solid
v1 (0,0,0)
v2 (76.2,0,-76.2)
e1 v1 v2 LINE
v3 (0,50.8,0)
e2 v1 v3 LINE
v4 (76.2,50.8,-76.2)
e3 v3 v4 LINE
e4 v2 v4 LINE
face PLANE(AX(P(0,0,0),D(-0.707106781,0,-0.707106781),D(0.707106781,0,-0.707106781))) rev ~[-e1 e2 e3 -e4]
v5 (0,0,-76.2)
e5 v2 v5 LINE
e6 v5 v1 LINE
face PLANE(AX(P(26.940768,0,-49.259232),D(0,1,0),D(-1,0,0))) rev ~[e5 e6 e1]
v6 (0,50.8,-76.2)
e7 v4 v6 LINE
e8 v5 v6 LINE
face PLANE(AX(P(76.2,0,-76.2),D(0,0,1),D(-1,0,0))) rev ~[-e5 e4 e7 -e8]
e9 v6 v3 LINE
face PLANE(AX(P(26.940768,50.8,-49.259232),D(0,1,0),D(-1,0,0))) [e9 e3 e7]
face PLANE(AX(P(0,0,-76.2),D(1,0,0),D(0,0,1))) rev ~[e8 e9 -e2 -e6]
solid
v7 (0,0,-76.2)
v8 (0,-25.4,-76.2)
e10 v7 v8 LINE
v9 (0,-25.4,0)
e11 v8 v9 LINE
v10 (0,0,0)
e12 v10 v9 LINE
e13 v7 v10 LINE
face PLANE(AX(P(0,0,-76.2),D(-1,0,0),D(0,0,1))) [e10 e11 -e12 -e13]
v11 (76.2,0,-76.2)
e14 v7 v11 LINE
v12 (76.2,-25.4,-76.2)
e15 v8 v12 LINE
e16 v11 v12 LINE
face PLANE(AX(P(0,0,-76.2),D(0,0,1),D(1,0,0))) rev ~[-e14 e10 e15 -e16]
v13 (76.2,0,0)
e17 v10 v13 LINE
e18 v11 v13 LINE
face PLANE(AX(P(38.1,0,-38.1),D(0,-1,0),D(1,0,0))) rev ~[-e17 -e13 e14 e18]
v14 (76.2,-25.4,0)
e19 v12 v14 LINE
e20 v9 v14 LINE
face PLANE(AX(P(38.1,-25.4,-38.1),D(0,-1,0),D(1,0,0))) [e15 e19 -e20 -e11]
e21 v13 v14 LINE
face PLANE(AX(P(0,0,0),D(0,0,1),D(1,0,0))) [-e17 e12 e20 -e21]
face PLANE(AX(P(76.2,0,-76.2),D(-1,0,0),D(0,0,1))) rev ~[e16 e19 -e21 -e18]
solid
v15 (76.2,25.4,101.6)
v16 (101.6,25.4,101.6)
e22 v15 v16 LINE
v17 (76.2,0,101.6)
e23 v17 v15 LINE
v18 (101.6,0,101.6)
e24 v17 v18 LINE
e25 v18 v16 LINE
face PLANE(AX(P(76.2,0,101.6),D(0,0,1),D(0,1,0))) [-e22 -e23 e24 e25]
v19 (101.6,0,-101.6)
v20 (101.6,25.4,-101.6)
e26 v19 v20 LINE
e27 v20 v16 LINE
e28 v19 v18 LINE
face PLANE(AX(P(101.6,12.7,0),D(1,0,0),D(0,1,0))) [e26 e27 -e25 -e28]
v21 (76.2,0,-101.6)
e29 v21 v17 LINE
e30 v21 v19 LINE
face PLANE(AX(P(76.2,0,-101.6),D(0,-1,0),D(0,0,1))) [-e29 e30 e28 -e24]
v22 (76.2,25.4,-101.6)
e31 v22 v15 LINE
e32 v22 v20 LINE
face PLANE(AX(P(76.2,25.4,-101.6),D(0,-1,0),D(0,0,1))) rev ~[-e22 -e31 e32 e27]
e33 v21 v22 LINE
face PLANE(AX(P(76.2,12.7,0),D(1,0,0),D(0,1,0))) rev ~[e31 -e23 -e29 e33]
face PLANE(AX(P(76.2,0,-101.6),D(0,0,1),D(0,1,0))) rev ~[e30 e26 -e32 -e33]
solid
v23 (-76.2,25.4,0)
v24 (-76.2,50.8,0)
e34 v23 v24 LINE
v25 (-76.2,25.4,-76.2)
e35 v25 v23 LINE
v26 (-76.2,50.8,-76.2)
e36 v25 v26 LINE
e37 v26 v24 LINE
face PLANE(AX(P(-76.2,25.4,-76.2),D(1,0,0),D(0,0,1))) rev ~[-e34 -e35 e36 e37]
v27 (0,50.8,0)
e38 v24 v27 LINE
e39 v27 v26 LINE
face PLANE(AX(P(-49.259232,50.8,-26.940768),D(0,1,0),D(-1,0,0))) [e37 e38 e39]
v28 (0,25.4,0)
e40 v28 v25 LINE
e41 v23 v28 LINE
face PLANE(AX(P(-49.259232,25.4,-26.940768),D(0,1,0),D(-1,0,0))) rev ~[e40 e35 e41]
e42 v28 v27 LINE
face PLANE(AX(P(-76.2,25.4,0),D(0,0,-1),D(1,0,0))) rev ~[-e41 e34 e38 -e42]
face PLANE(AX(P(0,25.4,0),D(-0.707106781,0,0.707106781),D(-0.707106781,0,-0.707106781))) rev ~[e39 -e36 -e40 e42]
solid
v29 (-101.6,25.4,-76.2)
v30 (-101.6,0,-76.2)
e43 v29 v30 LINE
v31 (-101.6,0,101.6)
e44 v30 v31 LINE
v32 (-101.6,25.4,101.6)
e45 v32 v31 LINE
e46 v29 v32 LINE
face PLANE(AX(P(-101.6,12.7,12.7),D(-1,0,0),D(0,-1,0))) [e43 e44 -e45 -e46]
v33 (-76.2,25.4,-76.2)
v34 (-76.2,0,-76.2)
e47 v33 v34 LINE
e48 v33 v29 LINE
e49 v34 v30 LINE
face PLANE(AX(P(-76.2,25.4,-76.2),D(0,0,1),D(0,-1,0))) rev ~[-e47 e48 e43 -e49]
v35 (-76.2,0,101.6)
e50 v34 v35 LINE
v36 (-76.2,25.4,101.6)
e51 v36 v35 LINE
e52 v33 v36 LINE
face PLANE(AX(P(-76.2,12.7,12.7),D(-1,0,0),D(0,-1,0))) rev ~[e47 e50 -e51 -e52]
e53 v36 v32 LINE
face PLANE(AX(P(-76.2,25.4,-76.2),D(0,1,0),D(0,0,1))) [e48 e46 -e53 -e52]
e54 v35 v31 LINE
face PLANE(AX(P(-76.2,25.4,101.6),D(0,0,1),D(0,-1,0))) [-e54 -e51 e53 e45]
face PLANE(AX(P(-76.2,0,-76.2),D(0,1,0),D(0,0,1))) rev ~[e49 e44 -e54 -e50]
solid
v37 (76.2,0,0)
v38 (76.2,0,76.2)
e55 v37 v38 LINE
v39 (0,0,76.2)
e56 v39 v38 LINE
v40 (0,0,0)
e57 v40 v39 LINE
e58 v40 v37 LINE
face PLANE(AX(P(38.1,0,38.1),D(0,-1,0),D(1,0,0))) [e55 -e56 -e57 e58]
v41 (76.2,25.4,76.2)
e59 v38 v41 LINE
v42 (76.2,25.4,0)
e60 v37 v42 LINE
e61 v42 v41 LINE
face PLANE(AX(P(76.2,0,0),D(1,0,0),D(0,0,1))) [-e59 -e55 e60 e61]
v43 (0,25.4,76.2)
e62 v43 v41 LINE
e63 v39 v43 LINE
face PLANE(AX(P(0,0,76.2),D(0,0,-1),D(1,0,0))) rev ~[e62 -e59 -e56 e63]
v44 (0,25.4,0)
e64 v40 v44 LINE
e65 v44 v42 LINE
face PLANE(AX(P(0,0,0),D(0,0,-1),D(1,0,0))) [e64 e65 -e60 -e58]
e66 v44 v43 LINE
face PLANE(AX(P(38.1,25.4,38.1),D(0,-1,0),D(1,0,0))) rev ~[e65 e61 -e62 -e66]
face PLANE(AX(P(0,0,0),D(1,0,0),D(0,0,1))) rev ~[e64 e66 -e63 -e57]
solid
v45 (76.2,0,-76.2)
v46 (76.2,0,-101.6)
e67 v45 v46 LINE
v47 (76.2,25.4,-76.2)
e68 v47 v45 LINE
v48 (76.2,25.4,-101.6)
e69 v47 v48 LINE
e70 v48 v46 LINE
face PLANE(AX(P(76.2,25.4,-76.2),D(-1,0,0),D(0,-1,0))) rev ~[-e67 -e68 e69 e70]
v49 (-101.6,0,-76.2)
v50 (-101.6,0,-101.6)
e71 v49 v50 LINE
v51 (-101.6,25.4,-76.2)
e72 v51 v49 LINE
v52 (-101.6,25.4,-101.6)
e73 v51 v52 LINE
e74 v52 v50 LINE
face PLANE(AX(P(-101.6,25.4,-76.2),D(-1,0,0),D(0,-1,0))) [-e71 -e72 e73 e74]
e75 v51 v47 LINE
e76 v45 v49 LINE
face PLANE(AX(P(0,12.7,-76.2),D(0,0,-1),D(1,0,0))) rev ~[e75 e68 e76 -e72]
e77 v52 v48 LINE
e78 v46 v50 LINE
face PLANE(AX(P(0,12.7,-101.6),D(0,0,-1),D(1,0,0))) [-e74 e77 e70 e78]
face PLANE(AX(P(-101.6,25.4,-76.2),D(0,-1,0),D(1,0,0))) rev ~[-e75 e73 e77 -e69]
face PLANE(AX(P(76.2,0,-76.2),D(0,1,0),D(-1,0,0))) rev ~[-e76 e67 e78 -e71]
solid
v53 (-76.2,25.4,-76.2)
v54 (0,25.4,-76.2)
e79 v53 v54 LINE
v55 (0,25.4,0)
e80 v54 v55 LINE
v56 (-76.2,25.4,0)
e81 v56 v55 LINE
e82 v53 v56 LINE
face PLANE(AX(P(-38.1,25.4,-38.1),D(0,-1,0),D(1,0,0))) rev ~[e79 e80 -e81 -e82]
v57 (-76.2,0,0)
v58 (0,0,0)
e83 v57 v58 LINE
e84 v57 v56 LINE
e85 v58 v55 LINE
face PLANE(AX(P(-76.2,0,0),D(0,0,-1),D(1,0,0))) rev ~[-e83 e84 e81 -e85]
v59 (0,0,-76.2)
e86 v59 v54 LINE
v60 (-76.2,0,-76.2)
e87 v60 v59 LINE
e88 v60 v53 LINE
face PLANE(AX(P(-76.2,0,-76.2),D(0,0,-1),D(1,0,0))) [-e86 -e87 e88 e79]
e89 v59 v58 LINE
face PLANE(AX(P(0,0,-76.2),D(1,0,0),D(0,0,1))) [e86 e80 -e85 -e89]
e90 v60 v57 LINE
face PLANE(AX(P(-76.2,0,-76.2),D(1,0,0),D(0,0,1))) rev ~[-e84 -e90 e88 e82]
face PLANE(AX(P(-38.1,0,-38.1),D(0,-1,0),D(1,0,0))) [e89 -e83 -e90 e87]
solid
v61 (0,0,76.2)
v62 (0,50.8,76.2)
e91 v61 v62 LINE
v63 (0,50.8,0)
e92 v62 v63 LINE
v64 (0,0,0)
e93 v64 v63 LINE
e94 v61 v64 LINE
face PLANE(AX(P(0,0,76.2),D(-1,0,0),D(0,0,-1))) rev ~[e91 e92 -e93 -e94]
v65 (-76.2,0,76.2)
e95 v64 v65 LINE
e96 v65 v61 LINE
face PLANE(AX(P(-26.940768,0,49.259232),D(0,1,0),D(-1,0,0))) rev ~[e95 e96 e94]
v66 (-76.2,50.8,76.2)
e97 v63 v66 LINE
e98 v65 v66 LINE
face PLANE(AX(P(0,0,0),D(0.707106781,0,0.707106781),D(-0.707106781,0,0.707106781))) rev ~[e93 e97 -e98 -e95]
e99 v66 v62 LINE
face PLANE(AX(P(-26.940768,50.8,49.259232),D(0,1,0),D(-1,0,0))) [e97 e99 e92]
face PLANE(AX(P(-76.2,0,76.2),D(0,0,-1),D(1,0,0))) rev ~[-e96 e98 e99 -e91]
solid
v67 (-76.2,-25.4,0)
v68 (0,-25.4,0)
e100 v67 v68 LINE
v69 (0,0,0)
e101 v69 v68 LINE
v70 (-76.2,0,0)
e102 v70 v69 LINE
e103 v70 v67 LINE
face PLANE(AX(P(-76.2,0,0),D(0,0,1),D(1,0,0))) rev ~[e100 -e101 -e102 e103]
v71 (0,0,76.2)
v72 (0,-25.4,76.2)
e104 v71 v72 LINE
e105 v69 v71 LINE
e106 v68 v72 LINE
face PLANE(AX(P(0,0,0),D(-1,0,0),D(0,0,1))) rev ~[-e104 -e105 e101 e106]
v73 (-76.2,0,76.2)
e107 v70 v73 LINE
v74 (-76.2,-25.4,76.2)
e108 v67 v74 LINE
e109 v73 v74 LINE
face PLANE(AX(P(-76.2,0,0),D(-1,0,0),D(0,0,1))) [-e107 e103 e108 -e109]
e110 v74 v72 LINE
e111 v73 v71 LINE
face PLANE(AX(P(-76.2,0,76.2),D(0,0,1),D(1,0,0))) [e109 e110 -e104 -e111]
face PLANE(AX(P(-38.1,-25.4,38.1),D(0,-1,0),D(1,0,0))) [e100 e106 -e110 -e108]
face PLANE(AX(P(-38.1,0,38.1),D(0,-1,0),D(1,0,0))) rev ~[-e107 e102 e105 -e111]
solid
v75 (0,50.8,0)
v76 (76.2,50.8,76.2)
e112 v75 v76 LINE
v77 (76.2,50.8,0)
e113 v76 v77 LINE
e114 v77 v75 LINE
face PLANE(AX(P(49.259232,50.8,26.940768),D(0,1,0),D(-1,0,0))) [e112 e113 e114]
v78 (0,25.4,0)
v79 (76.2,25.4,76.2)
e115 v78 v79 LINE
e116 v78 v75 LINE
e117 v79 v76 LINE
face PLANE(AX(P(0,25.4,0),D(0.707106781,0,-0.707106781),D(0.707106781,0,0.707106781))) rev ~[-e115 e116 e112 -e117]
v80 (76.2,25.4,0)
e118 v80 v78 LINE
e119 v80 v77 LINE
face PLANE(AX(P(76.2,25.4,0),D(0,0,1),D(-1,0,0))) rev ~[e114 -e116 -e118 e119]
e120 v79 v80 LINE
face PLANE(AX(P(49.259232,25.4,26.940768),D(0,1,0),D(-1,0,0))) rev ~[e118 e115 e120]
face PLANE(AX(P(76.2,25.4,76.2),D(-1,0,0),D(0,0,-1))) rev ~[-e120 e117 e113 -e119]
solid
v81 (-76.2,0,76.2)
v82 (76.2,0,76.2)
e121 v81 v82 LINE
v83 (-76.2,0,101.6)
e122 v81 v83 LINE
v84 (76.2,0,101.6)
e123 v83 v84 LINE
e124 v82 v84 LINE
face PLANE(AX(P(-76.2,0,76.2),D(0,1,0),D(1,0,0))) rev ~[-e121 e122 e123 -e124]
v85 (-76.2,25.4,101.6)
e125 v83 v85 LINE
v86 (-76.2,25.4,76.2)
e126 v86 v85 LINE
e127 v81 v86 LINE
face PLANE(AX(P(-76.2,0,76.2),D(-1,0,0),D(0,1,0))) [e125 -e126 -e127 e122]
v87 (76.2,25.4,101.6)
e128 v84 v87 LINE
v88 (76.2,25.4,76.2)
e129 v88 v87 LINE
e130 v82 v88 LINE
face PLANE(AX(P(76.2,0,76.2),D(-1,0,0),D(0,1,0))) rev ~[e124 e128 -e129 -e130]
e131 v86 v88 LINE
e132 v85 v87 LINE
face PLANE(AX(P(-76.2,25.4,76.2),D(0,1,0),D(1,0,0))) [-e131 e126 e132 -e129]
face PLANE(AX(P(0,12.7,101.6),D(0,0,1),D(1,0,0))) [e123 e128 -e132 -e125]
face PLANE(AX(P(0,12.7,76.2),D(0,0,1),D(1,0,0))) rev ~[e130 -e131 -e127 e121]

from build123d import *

# Parameters (mm, degrees)
F0_W      = 76.2
F0_H      = 76.2
F1_DEPTH  = 25.4
F2_DEPTH  = 25.4
F3_DEPTH  = 25.4
F4_DEPTH  = 25.4
F5_W      = 152.4
F5_H      = 25.4
F6_DEPTH  = 25.4
F7_W      = 25.4
F7_H      = 177.8
F8_DEPTH  = 25.4
F9_W      = 152.4
F9_H      = 25.4
F9_W_2    = 25.4
F10_DEPTH = 25.4
F11_W     = 25.4
F11_H     = 203.2
F12_DEPTH = 25.4
F14_DEPTH = 50.8
F16_DEPTH = 50.8
F18_DEPTH = 25.4
F20_DEPTH = 25.4


with BuildPart() as f1:
    # F0 (on Front) → F1 (new body)
    with BuildSketch(Plane.XZ):
        with Locations((-38.1, 38.1)):
            Rectangle(F0_W, F0_H)
    extrude(amount=F1_DEPTH)

    # F0 (on Front) → F2 (join)
    with BuildSketch(Plane.XZ):
        with Locations((38.1, 38.1)):
            Rectangle(F0_W, F0_H)
    extrude(amount=-F2_DEPTH)


with BuildPart() as f3:
    # F0 (on Front) → F3 (new body)
    with BuildSketch(Plane.XZ):
        with Locations((38.1, -38.1)):
            Rectangle(F0_W, F0_H)
    extrude(amount=F3_DEPTH)


with BuildPart() as f4:
    # F0 (on Front) → F4 (new body)
    with BuildSketch(Plane.XZ):
        with Locations((-38.1, -38.1)):
            Rectangle(F0_W, F0_H)
    extrude(amount=-F4_DEPTH)


with BuildPart() as f6:
    # F5 (on face) → F6 (new body)
    with BuildSketch(Plane.XY.offset(76.2)):
        with Locations((0, 12.7)):
            Rectangle(F5_W, F5_H)
    extrude(amount=F6_DEPTH)


with BuildPart() as f8:
    # F7 (on face) → F8 (new body)
    with BuildSketch(Plane(origin=(-76.2, 0, 0), x_dir=(0, -1, 0), z_dir=(-1, 0, 0))):
        with Locations((-12.7, 12.7)):
            Rectangle(F7_W, F7_H)
    extrude(amount=F8_DEPTH)


with BuildPart() as f10:
    # F9 (on face) → F10 (new body)
    with BuildSketch(Plane(origin=(0, 0, -76.2), x_dir=(1, 0, 0), z_dir=(0, 0, -1))):
        with Locations((0, -12.7)):
            Rectangle(F9_W, F9_H)
        with Locations((-88.9, -12.7)):
            Rectangle(F9_W_2, F9_H)
    extrude(amount=F10_DEPTH)


with BuildPart() as f12:
    # F11 (on face) → F12 (new body)
    with BuildSketch(Plane.YZ.offset(76.2)):
        with Locations((12.7, 0)):
            Rectangle(F11_W, F11_H)
    extrude(amount=F12_DEPTH)


with BuildPart() as f14:
    # F13 (on face) → F14 (new body)
    with BuildSketch(Plane(origin=(0, 0, 0), x_dir=(-1, 0, 0), z_dir=(0, 1, 0))):
        Polygon((0, 0), (-76.2, -76.2), (0, -76.2), align=None)
    extrude(amount=F14_DEPTH)


with BuildPart() as f16:
    # F15 (on face) → F16 (new body)
    with BuildSketch(Plane(origin=(0, 0, 0), x_dir=(-1, 0, 0), z_dir=(0, 1, 0))):
        Polygon((0, 0), (76.2, 76.2), (0, 76.2), align=None)
    extrude(amount=F16_DEPTH)


with BuildPart() as f18:
    # F17 (on face) → F18 (new body)
    with BuildSketch(Plane(origin=(0, 25.4, 0), x_dir=(-1, 0, 0), z_dir=(0, 1, 0))):
        Polygon((-76.2, 0), (0, 0), (-76.2, 76.2), align=None)
    extrude(amount=F18_DEPTH)


with BuildPart() as f20:
    # F19 (on face) → F20 (new body)
    with BuildSketch(Plane(origin=(0, 25.4, 0), x_dir=(-1, 0, 0), z_dir=(0, 1, 0))):
        Polygon((76.2, 0), (0, 0), (76.2, -76.2), align=None)
    extrude(amount=F20_DEPTH)


solid = Compound([f1.part, f3.part, f4.part, f6.part, f8.part, f10.part, f12.part, f14.part, f16.part, f18.part, f20.part])
